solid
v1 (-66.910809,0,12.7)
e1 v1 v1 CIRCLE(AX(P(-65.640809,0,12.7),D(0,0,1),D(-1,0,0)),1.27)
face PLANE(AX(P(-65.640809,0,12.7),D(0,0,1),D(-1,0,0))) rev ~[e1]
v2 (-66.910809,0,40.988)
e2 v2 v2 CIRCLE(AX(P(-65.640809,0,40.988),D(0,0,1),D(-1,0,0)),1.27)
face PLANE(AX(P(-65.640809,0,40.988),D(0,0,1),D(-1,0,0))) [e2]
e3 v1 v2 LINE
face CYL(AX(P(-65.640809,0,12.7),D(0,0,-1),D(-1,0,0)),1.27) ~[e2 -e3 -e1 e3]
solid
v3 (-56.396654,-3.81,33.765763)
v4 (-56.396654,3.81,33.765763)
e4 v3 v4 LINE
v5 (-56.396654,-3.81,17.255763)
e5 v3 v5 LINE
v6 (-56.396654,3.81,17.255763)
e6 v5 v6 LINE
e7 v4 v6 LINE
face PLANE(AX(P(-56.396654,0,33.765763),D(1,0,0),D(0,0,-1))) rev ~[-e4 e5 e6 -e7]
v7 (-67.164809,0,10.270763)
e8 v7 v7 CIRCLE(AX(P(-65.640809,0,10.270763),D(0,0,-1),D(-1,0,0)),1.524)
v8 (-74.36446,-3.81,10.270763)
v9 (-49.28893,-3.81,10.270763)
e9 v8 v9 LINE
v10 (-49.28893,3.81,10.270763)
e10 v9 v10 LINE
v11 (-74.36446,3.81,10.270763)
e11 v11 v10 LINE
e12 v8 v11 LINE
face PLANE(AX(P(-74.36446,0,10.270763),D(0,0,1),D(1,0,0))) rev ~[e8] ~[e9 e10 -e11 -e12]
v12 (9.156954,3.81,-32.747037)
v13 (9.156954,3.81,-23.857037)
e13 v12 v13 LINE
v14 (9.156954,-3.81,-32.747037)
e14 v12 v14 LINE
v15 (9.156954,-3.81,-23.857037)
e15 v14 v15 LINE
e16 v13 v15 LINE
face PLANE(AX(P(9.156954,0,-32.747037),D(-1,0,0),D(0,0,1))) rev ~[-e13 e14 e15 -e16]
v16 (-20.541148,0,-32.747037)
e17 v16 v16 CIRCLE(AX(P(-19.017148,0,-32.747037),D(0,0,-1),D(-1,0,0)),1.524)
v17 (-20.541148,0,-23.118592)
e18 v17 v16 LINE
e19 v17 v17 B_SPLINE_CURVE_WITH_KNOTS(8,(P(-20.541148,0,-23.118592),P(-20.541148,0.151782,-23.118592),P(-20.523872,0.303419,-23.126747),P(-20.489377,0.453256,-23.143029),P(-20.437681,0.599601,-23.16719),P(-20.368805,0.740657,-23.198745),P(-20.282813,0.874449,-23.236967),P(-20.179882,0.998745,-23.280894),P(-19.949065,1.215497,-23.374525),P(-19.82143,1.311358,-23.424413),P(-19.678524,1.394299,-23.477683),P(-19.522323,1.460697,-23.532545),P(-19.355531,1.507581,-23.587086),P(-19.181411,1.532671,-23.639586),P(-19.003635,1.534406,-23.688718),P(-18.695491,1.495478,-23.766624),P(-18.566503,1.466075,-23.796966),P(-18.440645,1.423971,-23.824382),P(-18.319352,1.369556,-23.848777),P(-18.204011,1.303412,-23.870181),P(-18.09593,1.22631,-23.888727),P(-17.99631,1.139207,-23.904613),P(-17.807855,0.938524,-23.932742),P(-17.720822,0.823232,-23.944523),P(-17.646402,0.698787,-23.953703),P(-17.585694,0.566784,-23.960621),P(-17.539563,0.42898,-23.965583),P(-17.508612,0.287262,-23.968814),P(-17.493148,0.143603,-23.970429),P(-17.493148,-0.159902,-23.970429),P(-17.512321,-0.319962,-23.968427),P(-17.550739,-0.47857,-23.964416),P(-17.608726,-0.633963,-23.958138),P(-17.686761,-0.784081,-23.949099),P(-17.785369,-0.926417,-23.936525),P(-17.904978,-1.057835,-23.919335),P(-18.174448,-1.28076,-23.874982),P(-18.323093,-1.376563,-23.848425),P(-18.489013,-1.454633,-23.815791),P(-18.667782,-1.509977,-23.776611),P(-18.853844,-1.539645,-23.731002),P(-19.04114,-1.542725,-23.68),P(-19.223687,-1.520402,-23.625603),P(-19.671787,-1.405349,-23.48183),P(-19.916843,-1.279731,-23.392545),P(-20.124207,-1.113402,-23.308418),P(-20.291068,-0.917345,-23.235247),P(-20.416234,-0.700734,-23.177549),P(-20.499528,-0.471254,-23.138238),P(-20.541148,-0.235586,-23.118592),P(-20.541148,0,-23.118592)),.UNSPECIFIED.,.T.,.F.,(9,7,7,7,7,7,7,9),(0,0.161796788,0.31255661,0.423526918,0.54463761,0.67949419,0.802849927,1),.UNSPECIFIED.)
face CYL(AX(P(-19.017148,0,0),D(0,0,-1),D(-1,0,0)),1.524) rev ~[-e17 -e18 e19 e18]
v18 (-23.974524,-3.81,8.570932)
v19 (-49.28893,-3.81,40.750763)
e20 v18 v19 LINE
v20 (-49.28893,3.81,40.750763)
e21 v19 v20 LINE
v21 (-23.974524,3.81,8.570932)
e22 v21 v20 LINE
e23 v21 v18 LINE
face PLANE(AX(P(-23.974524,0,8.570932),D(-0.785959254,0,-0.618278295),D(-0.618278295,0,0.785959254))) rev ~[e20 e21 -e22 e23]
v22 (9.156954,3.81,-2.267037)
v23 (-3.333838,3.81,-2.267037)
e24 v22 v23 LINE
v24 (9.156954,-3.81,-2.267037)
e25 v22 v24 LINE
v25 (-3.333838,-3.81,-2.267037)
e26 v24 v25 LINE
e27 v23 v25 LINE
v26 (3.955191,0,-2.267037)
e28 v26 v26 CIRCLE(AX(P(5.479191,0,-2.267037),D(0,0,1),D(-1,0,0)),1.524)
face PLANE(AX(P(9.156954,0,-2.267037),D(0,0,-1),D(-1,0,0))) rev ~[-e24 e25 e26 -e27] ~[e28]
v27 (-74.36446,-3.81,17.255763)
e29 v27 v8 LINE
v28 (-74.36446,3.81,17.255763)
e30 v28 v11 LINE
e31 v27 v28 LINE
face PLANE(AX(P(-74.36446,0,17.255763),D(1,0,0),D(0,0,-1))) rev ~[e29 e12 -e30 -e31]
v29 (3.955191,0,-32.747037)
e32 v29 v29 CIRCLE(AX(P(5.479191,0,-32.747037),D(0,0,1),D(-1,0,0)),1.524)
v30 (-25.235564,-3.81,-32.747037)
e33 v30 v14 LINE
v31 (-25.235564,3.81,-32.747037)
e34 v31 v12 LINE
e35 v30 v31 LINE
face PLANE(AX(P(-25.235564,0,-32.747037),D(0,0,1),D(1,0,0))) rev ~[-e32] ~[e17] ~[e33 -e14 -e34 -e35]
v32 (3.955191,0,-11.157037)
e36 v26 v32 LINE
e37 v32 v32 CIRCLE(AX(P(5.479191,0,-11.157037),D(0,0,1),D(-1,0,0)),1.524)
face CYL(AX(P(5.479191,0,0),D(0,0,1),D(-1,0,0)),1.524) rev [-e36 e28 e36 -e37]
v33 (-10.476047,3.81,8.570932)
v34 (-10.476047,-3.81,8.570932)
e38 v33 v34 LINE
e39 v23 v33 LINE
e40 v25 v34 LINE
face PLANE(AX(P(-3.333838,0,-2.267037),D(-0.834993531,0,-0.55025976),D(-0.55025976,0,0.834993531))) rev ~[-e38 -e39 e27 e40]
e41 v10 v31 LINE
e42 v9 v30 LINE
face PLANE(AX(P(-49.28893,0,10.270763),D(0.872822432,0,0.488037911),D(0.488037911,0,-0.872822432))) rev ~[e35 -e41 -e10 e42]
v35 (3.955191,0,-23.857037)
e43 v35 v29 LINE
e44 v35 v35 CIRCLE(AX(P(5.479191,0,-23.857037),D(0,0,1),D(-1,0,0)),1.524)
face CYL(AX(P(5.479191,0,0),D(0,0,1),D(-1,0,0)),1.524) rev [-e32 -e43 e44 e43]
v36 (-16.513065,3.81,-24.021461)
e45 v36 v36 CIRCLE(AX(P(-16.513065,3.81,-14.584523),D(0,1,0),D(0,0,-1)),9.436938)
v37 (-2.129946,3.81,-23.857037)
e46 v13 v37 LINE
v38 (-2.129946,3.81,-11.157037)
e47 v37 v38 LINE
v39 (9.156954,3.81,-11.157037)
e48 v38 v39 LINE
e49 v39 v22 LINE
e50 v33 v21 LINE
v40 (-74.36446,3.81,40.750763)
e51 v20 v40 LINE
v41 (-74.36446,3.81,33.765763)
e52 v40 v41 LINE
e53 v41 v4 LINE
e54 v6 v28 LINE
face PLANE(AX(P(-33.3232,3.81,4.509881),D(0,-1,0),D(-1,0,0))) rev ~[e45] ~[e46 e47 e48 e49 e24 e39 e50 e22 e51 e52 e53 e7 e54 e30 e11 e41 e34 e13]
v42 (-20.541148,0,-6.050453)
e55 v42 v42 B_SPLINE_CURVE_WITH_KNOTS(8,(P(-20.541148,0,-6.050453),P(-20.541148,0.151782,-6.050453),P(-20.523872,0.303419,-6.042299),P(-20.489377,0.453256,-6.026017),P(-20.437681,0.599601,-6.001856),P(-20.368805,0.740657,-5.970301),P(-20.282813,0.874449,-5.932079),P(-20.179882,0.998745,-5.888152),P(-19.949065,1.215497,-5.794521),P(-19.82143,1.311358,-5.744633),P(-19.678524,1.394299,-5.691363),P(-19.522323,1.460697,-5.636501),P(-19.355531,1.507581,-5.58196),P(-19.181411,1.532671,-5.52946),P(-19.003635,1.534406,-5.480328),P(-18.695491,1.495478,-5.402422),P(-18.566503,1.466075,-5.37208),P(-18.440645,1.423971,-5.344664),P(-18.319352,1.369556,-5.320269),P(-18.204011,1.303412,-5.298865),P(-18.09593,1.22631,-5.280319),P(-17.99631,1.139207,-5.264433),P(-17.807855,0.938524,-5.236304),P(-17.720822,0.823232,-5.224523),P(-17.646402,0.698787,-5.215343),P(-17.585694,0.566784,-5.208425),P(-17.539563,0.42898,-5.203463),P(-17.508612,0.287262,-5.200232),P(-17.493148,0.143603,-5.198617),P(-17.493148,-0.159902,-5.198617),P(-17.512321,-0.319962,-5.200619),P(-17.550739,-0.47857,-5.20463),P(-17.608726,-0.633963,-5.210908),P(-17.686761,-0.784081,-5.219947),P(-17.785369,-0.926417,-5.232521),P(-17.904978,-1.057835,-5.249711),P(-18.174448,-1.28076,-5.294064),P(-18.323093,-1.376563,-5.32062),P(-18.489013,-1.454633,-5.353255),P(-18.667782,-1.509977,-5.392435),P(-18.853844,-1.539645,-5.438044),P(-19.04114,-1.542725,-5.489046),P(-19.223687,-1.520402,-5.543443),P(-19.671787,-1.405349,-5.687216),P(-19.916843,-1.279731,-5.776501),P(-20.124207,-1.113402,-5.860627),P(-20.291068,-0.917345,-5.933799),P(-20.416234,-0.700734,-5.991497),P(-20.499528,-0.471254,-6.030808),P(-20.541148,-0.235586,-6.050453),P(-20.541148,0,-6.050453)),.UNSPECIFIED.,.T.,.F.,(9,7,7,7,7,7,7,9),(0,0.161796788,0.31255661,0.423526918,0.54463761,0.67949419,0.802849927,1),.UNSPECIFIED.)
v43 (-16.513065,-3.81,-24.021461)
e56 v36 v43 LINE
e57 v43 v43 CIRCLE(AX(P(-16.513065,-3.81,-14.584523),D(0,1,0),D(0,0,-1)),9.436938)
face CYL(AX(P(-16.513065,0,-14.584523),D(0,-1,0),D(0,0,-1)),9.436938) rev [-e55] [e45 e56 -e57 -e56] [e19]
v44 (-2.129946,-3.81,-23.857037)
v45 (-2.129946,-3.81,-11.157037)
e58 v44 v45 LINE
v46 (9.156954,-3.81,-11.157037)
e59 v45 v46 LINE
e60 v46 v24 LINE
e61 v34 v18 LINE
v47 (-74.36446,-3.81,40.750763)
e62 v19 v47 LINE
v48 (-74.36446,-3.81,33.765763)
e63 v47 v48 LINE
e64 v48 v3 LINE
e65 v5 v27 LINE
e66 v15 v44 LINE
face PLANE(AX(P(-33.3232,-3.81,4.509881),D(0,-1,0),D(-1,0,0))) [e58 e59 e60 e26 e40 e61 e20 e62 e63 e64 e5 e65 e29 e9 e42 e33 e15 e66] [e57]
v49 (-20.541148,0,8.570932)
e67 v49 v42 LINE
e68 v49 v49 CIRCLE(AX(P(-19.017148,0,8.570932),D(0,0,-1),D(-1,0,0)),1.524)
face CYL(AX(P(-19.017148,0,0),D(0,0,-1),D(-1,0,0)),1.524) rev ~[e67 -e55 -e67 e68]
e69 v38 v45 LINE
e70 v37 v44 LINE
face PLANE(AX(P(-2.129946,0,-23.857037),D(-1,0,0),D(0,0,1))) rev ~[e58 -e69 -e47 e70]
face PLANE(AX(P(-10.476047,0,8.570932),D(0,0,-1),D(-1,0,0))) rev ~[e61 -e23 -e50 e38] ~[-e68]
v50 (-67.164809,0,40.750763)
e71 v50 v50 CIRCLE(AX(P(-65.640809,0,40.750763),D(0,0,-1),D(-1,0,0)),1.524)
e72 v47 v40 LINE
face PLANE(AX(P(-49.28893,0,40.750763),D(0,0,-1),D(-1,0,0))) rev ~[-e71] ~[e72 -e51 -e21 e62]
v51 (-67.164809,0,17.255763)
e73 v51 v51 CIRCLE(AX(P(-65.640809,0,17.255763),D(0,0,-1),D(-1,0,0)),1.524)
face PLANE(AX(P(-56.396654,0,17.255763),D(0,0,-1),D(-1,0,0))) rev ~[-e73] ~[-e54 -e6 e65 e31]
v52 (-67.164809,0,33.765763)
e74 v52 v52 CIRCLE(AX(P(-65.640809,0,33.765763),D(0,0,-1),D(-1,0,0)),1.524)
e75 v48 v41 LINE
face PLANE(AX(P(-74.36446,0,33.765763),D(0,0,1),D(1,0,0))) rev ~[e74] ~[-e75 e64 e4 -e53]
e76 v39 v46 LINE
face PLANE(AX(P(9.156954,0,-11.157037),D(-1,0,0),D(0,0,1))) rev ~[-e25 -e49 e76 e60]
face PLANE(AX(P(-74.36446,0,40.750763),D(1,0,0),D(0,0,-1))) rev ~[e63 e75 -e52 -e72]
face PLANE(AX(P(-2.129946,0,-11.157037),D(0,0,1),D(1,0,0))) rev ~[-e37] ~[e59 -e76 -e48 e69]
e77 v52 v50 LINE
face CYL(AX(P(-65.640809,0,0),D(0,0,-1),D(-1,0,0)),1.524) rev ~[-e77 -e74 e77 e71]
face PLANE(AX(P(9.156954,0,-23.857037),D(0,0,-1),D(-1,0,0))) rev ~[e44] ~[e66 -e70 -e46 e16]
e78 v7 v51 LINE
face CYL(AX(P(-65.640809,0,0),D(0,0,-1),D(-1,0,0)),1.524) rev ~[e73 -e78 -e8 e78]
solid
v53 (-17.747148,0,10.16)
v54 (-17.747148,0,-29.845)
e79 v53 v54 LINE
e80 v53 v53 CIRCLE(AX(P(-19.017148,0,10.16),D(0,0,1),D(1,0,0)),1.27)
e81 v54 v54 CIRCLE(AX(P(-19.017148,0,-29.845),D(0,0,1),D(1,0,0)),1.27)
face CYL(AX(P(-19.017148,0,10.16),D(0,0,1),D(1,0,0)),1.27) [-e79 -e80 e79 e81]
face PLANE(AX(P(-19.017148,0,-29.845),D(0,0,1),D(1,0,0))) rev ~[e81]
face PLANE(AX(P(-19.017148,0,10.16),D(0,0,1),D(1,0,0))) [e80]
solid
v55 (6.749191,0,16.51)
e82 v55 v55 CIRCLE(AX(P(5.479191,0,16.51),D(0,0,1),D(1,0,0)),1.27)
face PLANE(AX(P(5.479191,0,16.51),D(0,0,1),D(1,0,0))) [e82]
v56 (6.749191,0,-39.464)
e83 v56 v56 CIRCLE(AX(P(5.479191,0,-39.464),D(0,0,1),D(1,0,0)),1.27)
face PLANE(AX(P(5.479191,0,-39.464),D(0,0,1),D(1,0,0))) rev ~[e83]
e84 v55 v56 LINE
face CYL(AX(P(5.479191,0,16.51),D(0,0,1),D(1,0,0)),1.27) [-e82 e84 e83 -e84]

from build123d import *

# Parameters (mm, degrees)
SKETCH21_R         = 9.436937722
EXTRUDE1_DEPTH     = 3.81
SKETCH22_R         = 1.524
CUT_EXTRUDE1_DEPTH = 91.7575
EXTRUDE2_START     = 10.16
SKETCH24_R         = 1.27
EXTRUDE2_DEPTH     = 40.005
EXTRUDE3_START     = 16.51
SKETCH24_3_R       = 1.27
EXTRUDE3_DEPTH     = 55.974
EXTRUDE4_START     = 12.7
SKETCH24_4_R       = 1.27
EXTRUDE4_DEPTH     = 28.288


with BuildPart() as part:
    # Sketch21 → Extrude1 (new, symmetric)
    with BuildSketch(Plane(origin=(0, 0, 0), x_dir=(1, 0, 0), z_dir=(0, 1, 0))):
        Polygon((-25.235563568, 32.747037143), (9.156953986, 32.747037143), (9.156953986, 23.857037143), (-2.129946458, 23.857037143), (-2.129946458, 11.157037143), (9.156953986, 11.157037143), (9.156953986, 2.267037143), (-3.333838084, 2.267037143), (-10.476047059, -8.570931995), (-23.974524178, -8.570931995), (-49.288929698, -40.750763377), (-74.36445975, -40.750763377), (-74.36445975, -33.765763377), (-56.396654351, -33.765763377), (-56.396654351, -17.255763377), (-74.36445975, -17.255763377), (-74.36445975, -10.270763377), (-49.288929698, -10.270763377), align=None)
        with Locations((-16.513065154, 14.584522986)):
            Circle(SKETCH21_R, mode=Mode.SUBTRACT)
    extrude(amount=EXTRUDE1_DEPTH, both=True)

    # Sketch22 → Cut-Extrude1 (cut, symmetric)
    with BuildSketch(Plane(origin=(0, 0, 0), x_dir=(-1, 0, 0), z_dir=(0, 0, -1))):
        with Locations((-5.47919097, 0)):
            Circle(SKETCH22_R)
        with Locations((65.64080903, 0)):
            Circle(SKETCH22_R)
        with Locations((19.01714802, 0)):
            Circle(SKETCH22_R)
    extrude(amount=CUT_EXTRUDE1_DEPTH, both=True, mode=Mode.SUBTRACT)


with BuildPart() as body_2:
    # Sketch24 → Extrude2 (new body)
    with BuildSketch(Plane.XY.offset(EXTRUDE2_START)):
        with Locations((-19.01714802, 0)):
            Circle(SKETCH24_R)
    extrude(amount=-EXTRUDE2_DEPTH)


with BuildPart() as body_3:
    # Sketch24<3> → Extrude3 (new body)
    with BuildSketch(Plane.XY.offset(EXTRUDE3_START)):
        with Locations((5.47919097, 0)):
            Circle(SKETCH24_3_R)
    extrude(amount=-EXTRUDE3_DEPTH)


with BuildPart() as body_4:
    # Sketch24<4> → Extrude4 (new body)
    with BuildSketch(Plane.XY.offset(EXTRUDE4_START)):
        with Locations((-65.64080903, 0)):
            Circle(SKETCH24_4_R)
    extrude(amount=EXTRUDE4_DEPTH)


solid = Compound([part.part, body_2.part, body_3.part, body_4.part])
